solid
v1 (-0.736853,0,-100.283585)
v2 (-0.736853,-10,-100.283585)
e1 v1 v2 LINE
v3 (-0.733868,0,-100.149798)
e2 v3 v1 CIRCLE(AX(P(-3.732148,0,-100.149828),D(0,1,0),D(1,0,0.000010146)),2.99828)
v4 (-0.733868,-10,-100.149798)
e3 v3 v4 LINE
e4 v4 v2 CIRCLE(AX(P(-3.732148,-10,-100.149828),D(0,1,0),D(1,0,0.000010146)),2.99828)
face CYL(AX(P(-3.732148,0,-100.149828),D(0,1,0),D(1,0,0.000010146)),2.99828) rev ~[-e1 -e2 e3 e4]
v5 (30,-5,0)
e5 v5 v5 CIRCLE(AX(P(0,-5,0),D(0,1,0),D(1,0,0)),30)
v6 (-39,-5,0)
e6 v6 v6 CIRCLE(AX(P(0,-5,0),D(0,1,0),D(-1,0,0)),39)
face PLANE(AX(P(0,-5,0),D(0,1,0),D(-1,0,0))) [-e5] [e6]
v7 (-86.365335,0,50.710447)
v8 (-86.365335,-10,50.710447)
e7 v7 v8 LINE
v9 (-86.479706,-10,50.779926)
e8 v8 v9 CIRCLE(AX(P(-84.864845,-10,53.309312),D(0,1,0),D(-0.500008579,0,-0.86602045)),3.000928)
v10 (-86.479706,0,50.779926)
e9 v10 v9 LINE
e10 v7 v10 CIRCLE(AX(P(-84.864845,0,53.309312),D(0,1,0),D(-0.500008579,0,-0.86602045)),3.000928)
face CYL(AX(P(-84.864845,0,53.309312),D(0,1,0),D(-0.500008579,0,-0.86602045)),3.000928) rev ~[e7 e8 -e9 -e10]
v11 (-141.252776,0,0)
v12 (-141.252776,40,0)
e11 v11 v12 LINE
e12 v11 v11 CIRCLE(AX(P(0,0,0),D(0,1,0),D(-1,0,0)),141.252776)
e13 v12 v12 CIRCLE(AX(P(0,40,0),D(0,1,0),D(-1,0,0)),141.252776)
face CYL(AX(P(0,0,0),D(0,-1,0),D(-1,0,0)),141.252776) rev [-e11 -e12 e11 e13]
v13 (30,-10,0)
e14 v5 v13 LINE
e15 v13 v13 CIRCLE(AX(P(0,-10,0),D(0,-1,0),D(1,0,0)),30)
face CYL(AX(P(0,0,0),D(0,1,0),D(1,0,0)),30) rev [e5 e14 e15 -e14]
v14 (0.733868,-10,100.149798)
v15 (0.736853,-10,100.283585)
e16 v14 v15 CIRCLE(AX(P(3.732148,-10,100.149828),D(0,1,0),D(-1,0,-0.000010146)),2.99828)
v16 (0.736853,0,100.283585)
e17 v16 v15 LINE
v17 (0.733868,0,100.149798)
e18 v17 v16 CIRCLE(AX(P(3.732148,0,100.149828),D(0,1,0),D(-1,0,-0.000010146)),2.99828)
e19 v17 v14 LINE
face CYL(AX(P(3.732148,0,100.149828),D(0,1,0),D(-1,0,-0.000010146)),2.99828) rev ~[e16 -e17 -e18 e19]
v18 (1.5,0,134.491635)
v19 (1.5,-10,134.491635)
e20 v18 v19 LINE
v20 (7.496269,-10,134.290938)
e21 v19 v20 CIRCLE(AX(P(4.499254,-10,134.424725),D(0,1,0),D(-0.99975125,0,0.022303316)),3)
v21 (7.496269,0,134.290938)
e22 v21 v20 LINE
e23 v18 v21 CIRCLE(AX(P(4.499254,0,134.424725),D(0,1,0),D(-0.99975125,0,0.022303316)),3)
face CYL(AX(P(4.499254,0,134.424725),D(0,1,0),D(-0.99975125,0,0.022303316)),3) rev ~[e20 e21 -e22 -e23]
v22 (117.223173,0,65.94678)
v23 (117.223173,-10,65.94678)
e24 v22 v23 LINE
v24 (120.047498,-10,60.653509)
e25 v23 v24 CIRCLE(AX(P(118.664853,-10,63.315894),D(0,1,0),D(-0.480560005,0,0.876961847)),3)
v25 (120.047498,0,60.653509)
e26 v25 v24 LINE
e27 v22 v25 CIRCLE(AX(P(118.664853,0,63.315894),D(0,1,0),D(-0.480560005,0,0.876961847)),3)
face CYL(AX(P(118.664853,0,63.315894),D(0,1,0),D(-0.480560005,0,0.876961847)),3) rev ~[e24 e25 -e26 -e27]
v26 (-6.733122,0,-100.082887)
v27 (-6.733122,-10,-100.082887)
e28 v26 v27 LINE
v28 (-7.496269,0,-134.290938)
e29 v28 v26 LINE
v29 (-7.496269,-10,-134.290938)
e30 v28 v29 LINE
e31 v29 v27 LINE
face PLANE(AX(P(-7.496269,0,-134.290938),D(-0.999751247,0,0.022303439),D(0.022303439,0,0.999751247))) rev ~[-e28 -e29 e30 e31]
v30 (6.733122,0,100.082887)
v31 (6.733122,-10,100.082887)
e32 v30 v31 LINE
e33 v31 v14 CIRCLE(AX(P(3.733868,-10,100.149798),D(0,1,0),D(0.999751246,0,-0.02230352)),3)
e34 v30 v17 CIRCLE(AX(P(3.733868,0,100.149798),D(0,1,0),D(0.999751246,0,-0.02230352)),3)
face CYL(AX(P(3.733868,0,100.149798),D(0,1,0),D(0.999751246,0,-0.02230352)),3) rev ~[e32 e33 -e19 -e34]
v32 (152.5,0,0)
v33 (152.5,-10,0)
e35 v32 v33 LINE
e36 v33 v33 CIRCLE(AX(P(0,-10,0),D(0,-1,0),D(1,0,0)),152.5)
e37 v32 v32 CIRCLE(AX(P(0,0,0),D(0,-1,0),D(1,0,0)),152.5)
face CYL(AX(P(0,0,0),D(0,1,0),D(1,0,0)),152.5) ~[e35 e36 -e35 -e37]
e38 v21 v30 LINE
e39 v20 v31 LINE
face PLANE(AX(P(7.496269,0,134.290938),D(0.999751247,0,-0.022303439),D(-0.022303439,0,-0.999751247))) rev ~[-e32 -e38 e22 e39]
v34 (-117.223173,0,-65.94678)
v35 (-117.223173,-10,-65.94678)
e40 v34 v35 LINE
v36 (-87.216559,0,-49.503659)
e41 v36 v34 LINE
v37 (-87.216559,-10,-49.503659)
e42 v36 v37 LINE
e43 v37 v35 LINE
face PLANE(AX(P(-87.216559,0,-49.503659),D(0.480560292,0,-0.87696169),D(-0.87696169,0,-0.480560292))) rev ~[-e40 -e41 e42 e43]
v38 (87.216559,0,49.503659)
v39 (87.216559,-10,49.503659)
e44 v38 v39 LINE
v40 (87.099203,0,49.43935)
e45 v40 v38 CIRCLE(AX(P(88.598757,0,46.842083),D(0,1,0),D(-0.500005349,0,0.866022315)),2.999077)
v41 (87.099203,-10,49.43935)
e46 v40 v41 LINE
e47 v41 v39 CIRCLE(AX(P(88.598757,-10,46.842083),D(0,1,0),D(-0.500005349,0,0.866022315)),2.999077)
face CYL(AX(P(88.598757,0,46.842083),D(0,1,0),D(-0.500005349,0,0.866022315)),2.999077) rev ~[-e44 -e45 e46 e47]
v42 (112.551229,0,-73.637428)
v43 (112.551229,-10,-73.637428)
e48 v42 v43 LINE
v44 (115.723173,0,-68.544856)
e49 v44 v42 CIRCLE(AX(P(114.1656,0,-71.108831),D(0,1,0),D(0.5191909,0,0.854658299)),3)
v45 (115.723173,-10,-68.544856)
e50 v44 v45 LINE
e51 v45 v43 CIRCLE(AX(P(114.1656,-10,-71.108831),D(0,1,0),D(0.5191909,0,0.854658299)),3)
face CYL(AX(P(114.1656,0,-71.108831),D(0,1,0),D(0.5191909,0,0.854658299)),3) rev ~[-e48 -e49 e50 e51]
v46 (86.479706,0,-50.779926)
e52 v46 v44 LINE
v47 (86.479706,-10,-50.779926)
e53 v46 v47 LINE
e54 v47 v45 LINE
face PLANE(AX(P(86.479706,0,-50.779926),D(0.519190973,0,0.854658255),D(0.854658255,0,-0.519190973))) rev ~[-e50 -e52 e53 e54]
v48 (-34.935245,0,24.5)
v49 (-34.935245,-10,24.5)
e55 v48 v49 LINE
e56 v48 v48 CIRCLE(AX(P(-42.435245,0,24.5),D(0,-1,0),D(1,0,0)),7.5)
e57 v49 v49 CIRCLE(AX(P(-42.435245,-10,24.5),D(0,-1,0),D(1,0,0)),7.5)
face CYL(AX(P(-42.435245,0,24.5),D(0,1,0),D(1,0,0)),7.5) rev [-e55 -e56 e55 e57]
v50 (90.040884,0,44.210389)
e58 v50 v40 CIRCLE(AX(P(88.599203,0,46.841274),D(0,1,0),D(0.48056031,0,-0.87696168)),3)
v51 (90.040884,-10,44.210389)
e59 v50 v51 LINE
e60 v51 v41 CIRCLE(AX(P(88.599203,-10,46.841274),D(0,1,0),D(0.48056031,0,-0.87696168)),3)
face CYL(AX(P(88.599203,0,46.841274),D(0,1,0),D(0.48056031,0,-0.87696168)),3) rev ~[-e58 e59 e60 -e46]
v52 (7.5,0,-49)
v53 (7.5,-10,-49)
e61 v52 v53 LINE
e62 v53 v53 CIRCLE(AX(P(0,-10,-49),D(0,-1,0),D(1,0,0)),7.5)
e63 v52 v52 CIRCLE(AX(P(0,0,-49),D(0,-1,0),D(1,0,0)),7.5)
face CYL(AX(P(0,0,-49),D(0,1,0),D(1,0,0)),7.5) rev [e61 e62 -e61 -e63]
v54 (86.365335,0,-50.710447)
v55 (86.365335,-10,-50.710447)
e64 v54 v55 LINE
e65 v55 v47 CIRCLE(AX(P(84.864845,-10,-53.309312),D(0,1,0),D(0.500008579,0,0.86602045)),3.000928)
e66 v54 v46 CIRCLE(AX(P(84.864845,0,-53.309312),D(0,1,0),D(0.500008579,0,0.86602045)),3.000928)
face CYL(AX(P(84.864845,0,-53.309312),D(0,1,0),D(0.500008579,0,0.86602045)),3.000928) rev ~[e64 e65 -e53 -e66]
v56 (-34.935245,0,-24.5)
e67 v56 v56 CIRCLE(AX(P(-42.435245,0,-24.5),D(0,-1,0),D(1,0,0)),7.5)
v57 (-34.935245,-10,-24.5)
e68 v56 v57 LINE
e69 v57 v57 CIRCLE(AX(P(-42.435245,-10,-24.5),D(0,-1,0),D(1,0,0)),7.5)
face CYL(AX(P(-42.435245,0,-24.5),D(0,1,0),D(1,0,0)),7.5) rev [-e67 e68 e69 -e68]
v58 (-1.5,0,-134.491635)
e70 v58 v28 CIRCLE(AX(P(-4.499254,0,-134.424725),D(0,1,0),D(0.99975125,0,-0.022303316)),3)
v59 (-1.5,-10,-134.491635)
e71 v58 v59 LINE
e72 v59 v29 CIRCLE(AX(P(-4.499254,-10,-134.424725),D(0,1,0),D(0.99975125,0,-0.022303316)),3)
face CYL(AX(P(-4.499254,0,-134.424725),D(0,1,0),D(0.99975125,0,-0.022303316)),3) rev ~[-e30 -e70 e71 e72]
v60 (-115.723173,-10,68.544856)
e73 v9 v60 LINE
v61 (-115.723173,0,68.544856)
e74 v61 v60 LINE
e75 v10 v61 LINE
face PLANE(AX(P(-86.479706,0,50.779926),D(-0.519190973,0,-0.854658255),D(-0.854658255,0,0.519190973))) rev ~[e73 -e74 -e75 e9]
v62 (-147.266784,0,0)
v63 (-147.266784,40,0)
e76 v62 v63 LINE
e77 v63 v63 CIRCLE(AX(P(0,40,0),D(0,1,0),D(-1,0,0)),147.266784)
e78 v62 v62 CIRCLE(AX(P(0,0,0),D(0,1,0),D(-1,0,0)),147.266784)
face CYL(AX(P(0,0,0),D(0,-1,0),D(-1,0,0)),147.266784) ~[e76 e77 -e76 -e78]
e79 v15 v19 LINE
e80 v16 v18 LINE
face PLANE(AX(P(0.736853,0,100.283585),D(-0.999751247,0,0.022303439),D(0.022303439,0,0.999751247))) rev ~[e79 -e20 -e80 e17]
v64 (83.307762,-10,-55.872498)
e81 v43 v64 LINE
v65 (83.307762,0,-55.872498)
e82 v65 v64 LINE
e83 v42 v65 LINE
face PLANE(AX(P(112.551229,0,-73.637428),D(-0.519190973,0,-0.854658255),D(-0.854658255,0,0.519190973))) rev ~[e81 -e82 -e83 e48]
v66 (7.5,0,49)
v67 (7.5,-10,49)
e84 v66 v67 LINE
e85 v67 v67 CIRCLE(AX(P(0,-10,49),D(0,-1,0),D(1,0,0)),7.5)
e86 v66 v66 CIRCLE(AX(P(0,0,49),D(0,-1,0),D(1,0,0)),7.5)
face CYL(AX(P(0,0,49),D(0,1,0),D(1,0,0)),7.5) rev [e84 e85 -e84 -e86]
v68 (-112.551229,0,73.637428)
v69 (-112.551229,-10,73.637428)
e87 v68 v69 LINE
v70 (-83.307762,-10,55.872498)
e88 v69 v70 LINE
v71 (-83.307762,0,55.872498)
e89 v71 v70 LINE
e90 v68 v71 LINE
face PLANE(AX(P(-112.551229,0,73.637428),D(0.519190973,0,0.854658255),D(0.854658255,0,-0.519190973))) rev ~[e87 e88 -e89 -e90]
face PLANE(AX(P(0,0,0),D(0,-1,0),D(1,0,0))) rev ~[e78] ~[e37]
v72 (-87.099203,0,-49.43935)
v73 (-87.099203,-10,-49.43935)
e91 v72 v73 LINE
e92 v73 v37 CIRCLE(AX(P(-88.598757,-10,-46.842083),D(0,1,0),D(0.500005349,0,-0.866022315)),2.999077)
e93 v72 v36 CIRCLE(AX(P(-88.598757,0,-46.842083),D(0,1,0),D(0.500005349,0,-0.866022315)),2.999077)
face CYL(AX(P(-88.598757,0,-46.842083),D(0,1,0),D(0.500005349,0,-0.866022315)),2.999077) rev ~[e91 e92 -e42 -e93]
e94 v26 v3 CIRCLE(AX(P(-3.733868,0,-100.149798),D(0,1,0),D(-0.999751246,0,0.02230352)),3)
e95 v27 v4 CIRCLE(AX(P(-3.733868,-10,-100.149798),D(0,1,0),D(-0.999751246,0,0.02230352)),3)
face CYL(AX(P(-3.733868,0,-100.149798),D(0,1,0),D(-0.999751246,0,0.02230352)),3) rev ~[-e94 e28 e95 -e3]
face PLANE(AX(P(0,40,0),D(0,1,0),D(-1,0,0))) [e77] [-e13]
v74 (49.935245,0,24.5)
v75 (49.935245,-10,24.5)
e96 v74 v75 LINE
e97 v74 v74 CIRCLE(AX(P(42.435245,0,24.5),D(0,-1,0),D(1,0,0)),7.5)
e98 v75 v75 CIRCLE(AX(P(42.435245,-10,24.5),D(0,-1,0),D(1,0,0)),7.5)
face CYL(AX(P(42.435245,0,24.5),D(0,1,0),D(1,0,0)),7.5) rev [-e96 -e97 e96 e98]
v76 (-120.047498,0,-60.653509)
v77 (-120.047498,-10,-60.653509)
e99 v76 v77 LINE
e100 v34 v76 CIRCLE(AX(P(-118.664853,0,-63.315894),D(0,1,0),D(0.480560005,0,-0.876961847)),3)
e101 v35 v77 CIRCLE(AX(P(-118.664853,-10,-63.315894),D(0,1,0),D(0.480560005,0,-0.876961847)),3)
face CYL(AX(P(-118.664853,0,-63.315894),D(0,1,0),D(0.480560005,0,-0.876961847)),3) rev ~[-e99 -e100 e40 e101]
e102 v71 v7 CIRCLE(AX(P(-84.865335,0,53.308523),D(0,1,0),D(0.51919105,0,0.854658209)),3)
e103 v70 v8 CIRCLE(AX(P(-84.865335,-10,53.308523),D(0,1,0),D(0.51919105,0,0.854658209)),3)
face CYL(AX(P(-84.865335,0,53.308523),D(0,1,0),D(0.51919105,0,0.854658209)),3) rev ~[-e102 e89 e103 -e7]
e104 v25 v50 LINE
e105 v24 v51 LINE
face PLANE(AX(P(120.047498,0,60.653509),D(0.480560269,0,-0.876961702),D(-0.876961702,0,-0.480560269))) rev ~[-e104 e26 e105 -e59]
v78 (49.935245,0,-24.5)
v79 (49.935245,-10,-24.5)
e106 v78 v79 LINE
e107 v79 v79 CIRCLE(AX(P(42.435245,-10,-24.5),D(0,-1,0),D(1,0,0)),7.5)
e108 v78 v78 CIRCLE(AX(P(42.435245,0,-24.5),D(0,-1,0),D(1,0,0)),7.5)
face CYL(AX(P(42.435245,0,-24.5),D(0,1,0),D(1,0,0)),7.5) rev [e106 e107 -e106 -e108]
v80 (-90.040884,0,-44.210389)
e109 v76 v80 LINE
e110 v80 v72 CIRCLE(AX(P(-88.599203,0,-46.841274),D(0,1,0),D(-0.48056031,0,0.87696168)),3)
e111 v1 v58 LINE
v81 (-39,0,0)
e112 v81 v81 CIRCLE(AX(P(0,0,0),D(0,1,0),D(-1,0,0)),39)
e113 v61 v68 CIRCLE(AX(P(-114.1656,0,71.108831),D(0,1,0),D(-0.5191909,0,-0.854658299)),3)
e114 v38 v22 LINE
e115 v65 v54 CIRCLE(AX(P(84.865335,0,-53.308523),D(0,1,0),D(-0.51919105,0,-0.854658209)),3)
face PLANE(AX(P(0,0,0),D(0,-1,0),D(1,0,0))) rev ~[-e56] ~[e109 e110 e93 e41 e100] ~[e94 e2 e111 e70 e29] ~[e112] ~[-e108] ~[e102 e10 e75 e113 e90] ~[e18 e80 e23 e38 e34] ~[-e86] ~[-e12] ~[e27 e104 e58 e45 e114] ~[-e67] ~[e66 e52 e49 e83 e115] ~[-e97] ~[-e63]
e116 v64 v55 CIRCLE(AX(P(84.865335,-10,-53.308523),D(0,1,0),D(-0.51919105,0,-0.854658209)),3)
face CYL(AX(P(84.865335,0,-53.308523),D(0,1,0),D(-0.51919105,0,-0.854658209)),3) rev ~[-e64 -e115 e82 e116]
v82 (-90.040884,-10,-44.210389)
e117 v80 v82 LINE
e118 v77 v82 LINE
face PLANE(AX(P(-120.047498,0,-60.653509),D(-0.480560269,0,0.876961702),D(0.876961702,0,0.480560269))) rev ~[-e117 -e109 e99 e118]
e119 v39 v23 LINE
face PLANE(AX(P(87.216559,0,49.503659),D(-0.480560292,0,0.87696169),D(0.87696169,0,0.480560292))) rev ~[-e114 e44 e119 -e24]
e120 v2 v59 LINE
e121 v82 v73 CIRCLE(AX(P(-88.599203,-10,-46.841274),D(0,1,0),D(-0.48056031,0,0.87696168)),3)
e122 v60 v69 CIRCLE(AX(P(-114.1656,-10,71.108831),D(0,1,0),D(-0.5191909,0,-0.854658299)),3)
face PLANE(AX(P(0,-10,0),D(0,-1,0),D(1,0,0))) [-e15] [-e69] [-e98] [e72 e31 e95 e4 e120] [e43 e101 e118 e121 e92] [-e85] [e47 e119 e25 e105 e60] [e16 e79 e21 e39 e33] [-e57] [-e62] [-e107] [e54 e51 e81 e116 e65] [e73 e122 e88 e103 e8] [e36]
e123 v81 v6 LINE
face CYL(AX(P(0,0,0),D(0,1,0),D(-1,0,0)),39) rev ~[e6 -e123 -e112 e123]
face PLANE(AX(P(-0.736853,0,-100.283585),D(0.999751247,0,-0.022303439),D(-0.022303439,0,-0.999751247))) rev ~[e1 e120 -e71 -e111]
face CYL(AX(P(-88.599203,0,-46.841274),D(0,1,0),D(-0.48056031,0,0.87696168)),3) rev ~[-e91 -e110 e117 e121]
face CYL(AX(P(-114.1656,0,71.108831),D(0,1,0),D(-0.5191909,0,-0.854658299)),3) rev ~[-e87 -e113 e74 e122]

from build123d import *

# Parameters (mm, degrees)
F0_R     = 152.5
F0_R_2   = 7.5
F0_R_3   = 30
F1_DEPTH = 10
F2_R     = 147.266784
F2_R_2   = 141.252776
F3_DEPTH = 40
F4_R     = 39
F5_DEPTH = 5


with BuildPart() as f1:
    # F0 (on Front) → F1 (new body)
    with BuildSketch(Plane.XZ):
        Circle(F0_R)
        with BuildLine():
            ThreePointArc((-1.5, -134.491635), (-4.599609, -137.423046), (-7.496269, -134.290938))
            Line((-7.496269, -134.290938), (-6.733122, -100.082887))
            ThreePointArc((-6.733122, -100.082887), (-3.700411, -97.149984), (-0.733868, -100.149798))
            ThreePointArc((-0.733868, -100.149798), (-0.734614, -100.216708), (-0.736853, -100.283585))
            Line((-0.736853, -100.283585), (-1.5, -134.491635))
        make_face(mode=Mode.SUBTRACT)
        with BuildLine():
            ThreePointArc((-117.223173, -65.94678), (-121.311653, -64.728145), (-120.047498, -60.653509))
            Line((-120.047498, -60.653509), (-90.040884, -44.210389))
            ThreePointArc((-90.040884, -44.210389), (-85.98456, -45.370342), (-87.099203, -49.43935))
            ThreePointArc((-87.099203, -49.43935), (-87.157522, -49.472159), (-87.216559, -49.503659))
            Line((-87.216559, -49.503659), (-117.223173, -65.94678))
        make_face(mode=Mode.SUBTRACT)
        with Locations((-42.435245, -24.5)):
            Circle(F0_R_2, mode=Mode.SUBTRACT)
        with Locations((0, -49)):
            Circle(F0_R_2, mode=Mode.SUBTRACT)
        with Locations((42.435245, -24.5)):
            Circle(F0_R_2, mode=Mode.SUBTRACT)
        with BuildLine():
            ThreePointArc((115.723173, -68.544856), (116.712045, -72.694901), (112.551229, -73.637428))
            Line((112.551229, -73.637428), (83.307762, -55.872498))
            ThreePointArc((83.307762, -55.872498), (82.284149, -51.779642), (86.365335, -50.710447))
            ThreePointArc((86.365335, -50.710447), (86.422908, -50.744549), (86.479706, -50.779926))
            Line((86.479706, -50.779926), (115.723173, -68.544856))
        make_face(mode=Mode.SUBTRACT)
        with BuildLine():
            ThreePointArc((-115.723173, 68.544856), (-116.712045, 72.694901), (-112.551229, 73.637428))
            Line((-112.551229, 73.637428), (-83.307762, 55.872498))
            ThreePointArc((-83.307762, 55.872498), (-82.284149, 51.779642), (-86.365335, 50.710447))
            ThreePointArc((-86.365335, 50.710447), (-86.422908, 50.744549), (-86.479706, 50.779926))
            Line((-86.479706, 50.779926), (-115.723173, 68.544856))
        make_face(mode=Mode.SUBTRACT)
        with Locations((-42.435245, 24.5)):
            Circle(F0_R_2, mode=Mode.SUBTRACT)
        Circle(F0_R_3, mode=Mode.SUBTRACT)
        with Locations((42.435245, 24.5)):
            Circle(F0_R_2, mode=Mode.SUBTRACT)
        with Locations((0, 49)):
            Circle(F0_R_2, mode=Mode.SUBTRACT)
        with BuildLine():
            ThreePointArc((117.223173, 65.94678), (121.311653, 64.728145), (120.047498, 60.653509))
            Line((120.047498, 60.653509), (90.040884, 44.210389))
            ThreePointArc((90.040884, 44.210389), (85.98456, 45.370342), (87.099203, 49.43935))
            ThreePointArc((87.099203, 49.43935), (87.157522, 49.472159), (87.216559, 49.503659))
            Line((87.216559, 49.503659), (117.223173, 65.94678))
        make_face(mode=Mode.SUBTRACT)
        with BuildLine():
            ThreePointArc((1.5, 134.491635), (4.599609, 137.423046), (7.496269, 134.290938))
            Line((7.496269, 134.290938), (6.733122, 100.082887))
            ThreePointArc((6.733122, 100.082887), (3.700411, 97.149984), (0.733868, 100.149798))
            ThreePointArc((0.733868, 100.149798), (0.734614, 100.216708), (0.736853, 100.283585))
            Line((0.736853, 100.283585), (1.5, 134.491635))
        make_face(mode=Mode.SUBTRACT)
    extrude(amount=F1_DEPTH)

    # F2 (on face) → F3 (join)
    with BuildSketch(Plane(origin=(0, 0, 0), x_dir=(-1, 0, 0), z_dir=(0, 1, 0))):
        Circle(F2_R)
        Circle(F2_R_2, mode=Mode.SUBTRACT)
    extrude(amount=F3_DEPTH)

    # F4 (on face) → F5 (cut)
    with BuildSketch(Plane(origin=(0, 0, 0), x_dir=(-1, 0, 0), z_dir=(0, 1, 0))):
        Circle(F4_R)
    extrude(amount=-F5_DEPTH, mode=Mode.SUBTRACT)


solid = f1.part
